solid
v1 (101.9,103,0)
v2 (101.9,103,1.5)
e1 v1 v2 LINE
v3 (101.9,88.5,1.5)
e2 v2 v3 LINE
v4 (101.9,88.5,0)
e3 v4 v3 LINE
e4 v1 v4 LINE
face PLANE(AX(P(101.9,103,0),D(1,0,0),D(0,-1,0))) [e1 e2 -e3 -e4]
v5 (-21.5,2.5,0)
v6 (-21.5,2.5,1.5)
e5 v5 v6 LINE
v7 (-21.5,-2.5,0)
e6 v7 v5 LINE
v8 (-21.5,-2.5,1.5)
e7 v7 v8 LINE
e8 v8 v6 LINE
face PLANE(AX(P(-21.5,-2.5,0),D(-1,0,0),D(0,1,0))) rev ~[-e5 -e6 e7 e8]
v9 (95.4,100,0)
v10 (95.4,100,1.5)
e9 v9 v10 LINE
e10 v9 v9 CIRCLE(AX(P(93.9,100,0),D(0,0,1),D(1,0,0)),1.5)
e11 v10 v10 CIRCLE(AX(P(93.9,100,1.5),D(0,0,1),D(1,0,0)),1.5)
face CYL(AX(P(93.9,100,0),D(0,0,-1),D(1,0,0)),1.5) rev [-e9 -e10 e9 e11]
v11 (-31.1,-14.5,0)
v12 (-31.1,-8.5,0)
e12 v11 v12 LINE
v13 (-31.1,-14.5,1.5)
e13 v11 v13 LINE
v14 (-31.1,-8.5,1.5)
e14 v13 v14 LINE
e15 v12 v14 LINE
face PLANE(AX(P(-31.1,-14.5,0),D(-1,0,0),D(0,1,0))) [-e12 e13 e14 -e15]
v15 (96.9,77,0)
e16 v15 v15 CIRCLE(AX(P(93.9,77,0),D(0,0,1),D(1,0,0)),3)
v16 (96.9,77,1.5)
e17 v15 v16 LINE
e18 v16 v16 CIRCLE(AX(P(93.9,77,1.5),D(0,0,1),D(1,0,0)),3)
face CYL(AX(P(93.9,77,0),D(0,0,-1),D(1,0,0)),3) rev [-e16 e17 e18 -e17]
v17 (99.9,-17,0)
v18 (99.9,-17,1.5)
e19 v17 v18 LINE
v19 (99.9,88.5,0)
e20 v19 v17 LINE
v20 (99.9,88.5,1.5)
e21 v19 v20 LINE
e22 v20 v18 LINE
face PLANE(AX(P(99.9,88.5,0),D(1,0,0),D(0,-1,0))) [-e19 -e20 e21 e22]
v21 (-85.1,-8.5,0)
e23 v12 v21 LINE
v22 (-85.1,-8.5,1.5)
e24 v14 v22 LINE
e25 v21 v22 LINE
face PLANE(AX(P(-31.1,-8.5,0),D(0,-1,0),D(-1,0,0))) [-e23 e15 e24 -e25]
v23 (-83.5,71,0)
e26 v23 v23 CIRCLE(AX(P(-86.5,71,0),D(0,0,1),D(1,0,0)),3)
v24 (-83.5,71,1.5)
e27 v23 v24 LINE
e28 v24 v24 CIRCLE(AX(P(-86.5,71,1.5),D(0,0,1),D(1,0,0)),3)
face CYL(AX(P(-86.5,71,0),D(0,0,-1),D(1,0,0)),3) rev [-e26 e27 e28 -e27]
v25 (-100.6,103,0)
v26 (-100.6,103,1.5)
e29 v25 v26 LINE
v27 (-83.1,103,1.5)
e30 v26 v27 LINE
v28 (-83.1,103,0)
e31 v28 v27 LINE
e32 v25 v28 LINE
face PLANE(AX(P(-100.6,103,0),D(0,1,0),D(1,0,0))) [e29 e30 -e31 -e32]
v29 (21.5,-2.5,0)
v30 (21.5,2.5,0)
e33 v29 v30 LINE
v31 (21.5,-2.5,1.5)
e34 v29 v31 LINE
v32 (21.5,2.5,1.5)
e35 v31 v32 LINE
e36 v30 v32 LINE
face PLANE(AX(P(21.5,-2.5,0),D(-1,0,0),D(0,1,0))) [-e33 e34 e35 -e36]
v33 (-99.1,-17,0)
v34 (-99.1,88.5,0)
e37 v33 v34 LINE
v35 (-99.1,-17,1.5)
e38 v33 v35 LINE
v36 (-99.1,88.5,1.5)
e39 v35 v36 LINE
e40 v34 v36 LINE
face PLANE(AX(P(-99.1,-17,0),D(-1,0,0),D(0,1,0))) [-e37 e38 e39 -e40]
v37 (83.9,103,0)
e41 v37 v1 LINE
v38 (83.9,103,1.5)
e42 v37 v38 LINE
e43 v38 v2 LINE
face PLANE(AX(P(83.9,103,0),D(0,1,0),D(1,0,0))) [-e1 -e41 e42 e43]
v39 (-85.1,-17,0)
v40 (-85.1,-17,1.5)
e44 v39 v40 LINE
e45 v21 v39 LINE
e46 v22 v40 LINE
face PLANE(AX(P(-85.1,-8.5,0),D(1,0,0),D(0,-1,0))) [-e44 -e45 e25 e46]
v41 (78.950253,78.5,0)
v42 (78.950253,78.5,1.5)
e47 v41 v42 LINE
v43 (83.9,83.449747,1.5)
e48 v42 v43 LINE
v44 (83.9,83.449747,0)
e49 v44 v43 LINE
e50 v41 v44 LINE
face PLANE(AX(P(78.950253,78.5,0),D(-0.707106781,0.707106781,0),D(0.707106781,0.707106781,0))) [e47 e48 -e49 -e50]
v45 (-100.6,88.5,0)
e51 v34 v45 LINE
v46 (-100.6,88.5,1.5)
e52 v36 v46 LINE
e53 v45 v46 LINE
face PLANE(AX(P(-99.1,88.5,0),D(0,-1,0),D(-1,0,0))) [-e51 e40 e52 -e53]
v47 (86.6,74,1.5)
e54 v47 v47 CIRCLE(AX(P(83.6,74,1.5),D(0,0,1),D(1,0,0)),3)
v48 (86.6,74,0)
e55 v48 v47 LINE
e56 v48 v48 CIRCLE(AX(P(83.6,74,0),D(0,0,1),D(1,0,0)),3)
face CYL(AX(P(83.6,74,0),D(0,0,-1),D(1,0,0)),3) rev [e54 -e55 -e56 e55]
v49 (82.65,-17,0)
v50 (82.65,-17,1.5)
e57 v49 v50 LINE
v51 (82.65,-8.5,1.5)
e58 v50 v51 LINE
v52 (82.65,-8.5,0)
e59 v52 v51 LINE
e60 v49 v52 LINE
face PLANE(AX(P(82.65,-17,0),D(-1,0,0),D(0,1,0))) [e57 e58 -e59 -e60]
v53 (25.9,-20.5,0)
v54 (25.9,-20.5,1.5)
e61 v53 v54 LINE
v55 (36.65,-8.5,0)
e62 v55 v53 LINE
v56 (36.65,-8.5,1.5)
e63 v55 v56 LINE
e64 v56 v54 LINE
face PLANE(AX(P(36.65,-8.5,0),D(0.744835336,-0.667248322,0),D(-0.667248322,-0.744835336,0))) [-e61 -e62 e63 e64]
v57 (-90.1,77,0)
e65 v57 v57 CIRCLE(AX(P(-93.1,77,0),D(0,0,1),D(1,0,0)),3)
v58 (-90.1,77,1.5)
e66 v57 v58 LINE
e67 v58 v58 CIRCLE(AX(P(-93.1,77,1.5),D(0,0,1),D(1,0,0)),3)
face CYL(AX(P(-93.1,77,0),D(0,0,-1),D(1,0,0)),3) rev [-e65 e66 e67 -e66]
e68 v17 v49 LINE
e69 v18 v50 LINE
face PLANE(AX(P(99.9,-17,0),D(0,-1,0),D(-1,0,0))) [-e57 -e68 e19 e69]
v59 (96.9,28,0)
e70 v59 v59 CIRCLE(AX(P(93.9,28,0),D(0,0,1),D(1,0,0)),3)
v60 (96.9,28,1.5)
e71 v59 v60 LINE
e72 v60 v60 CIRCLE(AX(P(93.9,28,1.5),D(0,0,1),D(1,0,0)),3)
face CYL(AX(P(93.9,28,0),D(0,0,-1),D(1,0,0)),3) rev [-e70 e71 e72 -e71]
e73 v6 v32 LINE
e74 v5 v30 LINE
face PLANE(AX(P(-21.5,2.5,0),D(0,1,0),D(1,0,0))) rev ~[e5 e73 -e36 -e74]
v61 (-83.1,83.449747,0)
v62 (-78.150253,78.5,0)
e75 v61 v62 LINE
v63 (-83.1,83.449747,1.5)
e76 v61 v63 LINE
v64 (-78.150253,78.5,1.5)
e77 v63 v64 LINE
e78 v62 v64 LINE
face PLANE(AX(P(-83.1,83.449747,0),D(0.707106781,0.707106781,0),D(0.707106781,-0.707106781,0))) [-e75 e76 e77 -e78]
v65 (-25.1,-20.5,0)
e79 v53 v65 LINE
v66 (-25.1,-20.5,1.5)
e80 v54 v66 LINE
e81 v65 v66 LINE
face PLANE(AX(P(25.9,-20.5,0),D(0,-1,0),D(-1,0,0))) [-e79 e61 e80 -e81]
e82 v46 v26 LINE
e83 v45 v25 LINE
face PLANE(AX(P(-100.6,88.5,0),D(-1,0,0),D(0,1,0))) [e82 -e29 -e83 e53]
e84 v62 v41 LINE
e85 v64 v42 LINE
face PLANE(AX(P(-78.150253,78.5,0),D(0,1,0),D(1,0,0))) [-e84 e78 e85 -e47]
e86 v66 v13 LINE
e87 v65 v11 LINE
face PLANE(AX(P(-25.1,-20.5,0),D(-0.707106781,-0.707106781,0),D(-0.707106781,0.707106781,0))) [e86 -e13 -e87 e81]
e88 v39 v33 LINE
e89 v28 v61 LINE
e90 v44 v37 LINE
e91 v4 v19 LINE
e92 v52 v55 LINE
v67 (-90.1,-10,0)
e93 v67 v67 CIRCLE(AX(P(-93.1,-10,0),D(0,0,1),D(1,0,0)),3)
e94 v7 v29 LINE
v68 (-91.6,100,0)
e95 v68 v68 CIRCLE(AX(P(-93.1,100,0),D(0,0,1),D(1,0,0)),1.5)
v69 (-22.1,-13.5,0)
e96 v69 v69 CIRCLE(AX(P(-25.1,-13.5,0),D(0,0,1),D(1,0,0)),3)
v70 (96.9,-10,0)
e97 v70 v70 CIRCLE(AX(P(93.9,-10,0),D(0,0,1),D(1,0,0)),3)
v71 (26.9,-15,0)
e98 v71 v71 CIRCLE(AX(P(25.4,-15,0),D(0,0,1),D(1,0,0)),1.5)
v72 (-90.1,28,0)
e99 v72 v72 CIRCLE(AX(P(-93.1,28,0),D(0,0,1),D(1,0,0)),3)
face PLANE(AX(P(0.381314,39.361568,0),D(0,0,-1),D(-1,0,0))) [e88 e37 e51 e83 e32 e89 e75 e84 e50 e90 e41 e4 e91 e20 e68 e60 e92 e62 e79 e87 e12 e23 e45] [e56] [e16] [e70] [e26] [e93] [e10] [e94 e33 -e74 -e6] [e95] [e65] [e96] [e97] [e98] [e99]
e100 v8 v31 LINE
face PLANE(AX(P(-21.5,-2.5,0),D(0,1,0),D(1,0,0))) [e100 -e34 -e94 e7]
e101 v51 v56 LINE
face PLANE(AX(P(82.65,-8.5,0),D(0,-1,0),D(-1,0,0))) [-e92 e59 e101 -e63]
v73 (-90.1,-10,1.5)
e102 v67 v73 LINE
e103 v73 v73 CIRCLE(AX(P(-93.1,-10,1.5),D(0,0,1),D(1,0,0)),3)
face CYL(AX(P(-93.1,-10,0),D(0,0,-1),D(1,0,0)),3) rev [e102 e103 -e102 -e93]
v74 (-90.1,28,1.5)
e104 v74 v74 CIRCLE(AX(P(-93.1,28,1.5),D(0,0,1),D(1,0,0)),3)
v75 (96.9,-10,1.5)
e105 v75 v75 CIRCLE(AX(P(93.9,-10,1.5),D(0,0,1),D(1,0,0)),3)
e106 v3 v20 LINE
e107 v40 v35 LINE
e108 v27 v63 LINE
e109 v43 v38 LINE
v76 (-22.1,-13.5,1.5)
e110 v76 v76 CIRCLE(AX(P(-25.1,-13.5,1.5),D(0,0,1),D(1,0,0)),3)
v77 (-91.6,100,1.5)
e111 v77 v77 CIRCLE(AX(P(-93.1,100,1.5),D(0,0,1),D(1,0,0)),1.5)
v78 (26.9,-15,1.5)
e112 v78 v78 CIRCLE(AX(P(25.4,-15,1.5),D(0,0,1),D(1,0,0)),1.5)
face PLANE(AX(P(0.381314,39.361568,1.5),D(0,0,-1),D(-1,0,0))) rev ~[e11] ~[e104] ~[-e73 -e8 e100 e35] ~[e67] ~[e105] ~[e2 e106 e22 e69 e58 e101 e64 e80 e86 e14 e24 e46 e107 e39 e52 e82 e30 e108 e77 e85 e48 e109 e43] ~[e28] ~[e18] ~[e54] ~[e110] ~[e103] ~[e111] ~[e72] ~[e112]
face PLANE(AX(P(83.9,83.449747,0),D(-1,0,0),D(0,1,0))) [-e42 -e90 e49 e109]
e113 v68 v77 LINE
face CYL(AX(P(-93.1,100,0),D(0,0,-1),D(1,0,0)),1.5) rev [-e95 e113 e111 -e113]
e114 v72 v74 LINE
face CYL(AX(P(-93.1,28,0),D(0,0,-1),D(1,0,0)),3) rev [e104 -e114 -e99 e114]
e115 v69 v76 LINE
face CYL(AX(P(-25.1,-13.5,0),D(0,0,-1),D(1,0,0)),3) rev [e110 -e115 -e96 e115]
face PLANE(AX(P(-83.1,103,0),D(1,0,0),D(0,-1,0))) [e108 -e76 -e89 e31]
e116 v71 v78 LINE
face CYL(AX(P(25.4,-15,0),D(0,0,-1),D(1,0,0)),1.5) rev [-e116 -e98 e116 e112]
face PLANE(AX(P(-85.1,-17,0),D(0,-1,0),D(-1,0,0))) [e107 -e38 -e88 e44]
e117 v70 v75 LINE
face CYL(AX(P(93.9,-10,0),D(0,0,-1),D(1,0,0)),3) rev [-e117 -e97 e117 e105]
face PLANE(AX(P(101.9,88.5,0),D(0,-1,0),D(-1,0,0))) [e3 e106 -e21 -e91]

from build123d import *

# Parameters (mm, degrees)
SKETCH1_R           = 3
SKETCH1_R_2         = 1.5
SKETCH1_W           = 43
SKETCH1_H           = 5
BOSS_EXTRUDE1_DEPTH = 1.5


with BuildPart() as part:
    # Sketch1 → Boss-Extrude1 (new body)
    with BuildSketch(Plane.XY):
        Polygon((-100.6, 103), (-83.1, 103), (-83.1, 83.449747468), (-78.150252532, 78.5), (78.950252532, 78.5), (83.9, 83.449747468), (83.9, 103), (101.9, 103), (101.9, 88.5), (99.9, 88.5), (99.9, -17), (82.65, -17), (82.65, -8.5), (36.65, -8.5), (25.9, -20.5), (-25.1, -20.5), (-31.1, -14.5), (-31.1, -8.5), (-85.1, -8.5), (-85.1, -17), (-99.1, -17), (-99.1, 88.5), (-100.6, 88.5), align=None)
        with Locations((93.9, 77)):
            Circle(SKETCH1_R, mode=Mode.SUBTRACT)
        with Locations((83.6, 74)):
            Circle(SKETCH1_R, mode=Mode.SUBTRACT)
        with Locations((93.9, -10)):
            Circle(SKETCH1_R, mode=Mode.SUBTRACT)
        with Locations((93.9, 28)):
            Circle(SKETCH1_R, mode=Mode.SUBTRACT)
        with Locations((93.9, 100)):
            Circle(SKETCH1_R_2, mode=Mode.SUBTRACT)
        with Locations((25.4, -15)):
            Circle(SKETCH1_R_2, mode=Mode.SUBTRACT)
        with Locations((-25.1, -13.5)):
            Circle(SKETCH1_R, mode=Mode.SUBTRACT)
        with Locations((-93.1, -10)):
            Circle(SKETCH1_R, mode=Mode.SUBTRACT)
        with Locations((-93.1, 28)):
            Circle(SKETCH1_R, mode=Mode.SUBTRACT)
        with Locations((-93.1, 77)):
            Circle(SKETCH1_R, mode=Mode.SUBTRACT)
        with Locations((-86.5, 71)):
            Circle(SKETCH1_R, mode=Mode.SUBTRACT)
        with Locations((-93.1, 100)):
            Circle(SKETCH1_R_2, mode=Mode.SUBTRACT)
        Rectangle(SKETCH1_W, SKETCH1_H, mode=Mode.SUBTRACT)
    extrude(amount=BOSS_EXTRUDE1_DEPTH)


solid = part.part
